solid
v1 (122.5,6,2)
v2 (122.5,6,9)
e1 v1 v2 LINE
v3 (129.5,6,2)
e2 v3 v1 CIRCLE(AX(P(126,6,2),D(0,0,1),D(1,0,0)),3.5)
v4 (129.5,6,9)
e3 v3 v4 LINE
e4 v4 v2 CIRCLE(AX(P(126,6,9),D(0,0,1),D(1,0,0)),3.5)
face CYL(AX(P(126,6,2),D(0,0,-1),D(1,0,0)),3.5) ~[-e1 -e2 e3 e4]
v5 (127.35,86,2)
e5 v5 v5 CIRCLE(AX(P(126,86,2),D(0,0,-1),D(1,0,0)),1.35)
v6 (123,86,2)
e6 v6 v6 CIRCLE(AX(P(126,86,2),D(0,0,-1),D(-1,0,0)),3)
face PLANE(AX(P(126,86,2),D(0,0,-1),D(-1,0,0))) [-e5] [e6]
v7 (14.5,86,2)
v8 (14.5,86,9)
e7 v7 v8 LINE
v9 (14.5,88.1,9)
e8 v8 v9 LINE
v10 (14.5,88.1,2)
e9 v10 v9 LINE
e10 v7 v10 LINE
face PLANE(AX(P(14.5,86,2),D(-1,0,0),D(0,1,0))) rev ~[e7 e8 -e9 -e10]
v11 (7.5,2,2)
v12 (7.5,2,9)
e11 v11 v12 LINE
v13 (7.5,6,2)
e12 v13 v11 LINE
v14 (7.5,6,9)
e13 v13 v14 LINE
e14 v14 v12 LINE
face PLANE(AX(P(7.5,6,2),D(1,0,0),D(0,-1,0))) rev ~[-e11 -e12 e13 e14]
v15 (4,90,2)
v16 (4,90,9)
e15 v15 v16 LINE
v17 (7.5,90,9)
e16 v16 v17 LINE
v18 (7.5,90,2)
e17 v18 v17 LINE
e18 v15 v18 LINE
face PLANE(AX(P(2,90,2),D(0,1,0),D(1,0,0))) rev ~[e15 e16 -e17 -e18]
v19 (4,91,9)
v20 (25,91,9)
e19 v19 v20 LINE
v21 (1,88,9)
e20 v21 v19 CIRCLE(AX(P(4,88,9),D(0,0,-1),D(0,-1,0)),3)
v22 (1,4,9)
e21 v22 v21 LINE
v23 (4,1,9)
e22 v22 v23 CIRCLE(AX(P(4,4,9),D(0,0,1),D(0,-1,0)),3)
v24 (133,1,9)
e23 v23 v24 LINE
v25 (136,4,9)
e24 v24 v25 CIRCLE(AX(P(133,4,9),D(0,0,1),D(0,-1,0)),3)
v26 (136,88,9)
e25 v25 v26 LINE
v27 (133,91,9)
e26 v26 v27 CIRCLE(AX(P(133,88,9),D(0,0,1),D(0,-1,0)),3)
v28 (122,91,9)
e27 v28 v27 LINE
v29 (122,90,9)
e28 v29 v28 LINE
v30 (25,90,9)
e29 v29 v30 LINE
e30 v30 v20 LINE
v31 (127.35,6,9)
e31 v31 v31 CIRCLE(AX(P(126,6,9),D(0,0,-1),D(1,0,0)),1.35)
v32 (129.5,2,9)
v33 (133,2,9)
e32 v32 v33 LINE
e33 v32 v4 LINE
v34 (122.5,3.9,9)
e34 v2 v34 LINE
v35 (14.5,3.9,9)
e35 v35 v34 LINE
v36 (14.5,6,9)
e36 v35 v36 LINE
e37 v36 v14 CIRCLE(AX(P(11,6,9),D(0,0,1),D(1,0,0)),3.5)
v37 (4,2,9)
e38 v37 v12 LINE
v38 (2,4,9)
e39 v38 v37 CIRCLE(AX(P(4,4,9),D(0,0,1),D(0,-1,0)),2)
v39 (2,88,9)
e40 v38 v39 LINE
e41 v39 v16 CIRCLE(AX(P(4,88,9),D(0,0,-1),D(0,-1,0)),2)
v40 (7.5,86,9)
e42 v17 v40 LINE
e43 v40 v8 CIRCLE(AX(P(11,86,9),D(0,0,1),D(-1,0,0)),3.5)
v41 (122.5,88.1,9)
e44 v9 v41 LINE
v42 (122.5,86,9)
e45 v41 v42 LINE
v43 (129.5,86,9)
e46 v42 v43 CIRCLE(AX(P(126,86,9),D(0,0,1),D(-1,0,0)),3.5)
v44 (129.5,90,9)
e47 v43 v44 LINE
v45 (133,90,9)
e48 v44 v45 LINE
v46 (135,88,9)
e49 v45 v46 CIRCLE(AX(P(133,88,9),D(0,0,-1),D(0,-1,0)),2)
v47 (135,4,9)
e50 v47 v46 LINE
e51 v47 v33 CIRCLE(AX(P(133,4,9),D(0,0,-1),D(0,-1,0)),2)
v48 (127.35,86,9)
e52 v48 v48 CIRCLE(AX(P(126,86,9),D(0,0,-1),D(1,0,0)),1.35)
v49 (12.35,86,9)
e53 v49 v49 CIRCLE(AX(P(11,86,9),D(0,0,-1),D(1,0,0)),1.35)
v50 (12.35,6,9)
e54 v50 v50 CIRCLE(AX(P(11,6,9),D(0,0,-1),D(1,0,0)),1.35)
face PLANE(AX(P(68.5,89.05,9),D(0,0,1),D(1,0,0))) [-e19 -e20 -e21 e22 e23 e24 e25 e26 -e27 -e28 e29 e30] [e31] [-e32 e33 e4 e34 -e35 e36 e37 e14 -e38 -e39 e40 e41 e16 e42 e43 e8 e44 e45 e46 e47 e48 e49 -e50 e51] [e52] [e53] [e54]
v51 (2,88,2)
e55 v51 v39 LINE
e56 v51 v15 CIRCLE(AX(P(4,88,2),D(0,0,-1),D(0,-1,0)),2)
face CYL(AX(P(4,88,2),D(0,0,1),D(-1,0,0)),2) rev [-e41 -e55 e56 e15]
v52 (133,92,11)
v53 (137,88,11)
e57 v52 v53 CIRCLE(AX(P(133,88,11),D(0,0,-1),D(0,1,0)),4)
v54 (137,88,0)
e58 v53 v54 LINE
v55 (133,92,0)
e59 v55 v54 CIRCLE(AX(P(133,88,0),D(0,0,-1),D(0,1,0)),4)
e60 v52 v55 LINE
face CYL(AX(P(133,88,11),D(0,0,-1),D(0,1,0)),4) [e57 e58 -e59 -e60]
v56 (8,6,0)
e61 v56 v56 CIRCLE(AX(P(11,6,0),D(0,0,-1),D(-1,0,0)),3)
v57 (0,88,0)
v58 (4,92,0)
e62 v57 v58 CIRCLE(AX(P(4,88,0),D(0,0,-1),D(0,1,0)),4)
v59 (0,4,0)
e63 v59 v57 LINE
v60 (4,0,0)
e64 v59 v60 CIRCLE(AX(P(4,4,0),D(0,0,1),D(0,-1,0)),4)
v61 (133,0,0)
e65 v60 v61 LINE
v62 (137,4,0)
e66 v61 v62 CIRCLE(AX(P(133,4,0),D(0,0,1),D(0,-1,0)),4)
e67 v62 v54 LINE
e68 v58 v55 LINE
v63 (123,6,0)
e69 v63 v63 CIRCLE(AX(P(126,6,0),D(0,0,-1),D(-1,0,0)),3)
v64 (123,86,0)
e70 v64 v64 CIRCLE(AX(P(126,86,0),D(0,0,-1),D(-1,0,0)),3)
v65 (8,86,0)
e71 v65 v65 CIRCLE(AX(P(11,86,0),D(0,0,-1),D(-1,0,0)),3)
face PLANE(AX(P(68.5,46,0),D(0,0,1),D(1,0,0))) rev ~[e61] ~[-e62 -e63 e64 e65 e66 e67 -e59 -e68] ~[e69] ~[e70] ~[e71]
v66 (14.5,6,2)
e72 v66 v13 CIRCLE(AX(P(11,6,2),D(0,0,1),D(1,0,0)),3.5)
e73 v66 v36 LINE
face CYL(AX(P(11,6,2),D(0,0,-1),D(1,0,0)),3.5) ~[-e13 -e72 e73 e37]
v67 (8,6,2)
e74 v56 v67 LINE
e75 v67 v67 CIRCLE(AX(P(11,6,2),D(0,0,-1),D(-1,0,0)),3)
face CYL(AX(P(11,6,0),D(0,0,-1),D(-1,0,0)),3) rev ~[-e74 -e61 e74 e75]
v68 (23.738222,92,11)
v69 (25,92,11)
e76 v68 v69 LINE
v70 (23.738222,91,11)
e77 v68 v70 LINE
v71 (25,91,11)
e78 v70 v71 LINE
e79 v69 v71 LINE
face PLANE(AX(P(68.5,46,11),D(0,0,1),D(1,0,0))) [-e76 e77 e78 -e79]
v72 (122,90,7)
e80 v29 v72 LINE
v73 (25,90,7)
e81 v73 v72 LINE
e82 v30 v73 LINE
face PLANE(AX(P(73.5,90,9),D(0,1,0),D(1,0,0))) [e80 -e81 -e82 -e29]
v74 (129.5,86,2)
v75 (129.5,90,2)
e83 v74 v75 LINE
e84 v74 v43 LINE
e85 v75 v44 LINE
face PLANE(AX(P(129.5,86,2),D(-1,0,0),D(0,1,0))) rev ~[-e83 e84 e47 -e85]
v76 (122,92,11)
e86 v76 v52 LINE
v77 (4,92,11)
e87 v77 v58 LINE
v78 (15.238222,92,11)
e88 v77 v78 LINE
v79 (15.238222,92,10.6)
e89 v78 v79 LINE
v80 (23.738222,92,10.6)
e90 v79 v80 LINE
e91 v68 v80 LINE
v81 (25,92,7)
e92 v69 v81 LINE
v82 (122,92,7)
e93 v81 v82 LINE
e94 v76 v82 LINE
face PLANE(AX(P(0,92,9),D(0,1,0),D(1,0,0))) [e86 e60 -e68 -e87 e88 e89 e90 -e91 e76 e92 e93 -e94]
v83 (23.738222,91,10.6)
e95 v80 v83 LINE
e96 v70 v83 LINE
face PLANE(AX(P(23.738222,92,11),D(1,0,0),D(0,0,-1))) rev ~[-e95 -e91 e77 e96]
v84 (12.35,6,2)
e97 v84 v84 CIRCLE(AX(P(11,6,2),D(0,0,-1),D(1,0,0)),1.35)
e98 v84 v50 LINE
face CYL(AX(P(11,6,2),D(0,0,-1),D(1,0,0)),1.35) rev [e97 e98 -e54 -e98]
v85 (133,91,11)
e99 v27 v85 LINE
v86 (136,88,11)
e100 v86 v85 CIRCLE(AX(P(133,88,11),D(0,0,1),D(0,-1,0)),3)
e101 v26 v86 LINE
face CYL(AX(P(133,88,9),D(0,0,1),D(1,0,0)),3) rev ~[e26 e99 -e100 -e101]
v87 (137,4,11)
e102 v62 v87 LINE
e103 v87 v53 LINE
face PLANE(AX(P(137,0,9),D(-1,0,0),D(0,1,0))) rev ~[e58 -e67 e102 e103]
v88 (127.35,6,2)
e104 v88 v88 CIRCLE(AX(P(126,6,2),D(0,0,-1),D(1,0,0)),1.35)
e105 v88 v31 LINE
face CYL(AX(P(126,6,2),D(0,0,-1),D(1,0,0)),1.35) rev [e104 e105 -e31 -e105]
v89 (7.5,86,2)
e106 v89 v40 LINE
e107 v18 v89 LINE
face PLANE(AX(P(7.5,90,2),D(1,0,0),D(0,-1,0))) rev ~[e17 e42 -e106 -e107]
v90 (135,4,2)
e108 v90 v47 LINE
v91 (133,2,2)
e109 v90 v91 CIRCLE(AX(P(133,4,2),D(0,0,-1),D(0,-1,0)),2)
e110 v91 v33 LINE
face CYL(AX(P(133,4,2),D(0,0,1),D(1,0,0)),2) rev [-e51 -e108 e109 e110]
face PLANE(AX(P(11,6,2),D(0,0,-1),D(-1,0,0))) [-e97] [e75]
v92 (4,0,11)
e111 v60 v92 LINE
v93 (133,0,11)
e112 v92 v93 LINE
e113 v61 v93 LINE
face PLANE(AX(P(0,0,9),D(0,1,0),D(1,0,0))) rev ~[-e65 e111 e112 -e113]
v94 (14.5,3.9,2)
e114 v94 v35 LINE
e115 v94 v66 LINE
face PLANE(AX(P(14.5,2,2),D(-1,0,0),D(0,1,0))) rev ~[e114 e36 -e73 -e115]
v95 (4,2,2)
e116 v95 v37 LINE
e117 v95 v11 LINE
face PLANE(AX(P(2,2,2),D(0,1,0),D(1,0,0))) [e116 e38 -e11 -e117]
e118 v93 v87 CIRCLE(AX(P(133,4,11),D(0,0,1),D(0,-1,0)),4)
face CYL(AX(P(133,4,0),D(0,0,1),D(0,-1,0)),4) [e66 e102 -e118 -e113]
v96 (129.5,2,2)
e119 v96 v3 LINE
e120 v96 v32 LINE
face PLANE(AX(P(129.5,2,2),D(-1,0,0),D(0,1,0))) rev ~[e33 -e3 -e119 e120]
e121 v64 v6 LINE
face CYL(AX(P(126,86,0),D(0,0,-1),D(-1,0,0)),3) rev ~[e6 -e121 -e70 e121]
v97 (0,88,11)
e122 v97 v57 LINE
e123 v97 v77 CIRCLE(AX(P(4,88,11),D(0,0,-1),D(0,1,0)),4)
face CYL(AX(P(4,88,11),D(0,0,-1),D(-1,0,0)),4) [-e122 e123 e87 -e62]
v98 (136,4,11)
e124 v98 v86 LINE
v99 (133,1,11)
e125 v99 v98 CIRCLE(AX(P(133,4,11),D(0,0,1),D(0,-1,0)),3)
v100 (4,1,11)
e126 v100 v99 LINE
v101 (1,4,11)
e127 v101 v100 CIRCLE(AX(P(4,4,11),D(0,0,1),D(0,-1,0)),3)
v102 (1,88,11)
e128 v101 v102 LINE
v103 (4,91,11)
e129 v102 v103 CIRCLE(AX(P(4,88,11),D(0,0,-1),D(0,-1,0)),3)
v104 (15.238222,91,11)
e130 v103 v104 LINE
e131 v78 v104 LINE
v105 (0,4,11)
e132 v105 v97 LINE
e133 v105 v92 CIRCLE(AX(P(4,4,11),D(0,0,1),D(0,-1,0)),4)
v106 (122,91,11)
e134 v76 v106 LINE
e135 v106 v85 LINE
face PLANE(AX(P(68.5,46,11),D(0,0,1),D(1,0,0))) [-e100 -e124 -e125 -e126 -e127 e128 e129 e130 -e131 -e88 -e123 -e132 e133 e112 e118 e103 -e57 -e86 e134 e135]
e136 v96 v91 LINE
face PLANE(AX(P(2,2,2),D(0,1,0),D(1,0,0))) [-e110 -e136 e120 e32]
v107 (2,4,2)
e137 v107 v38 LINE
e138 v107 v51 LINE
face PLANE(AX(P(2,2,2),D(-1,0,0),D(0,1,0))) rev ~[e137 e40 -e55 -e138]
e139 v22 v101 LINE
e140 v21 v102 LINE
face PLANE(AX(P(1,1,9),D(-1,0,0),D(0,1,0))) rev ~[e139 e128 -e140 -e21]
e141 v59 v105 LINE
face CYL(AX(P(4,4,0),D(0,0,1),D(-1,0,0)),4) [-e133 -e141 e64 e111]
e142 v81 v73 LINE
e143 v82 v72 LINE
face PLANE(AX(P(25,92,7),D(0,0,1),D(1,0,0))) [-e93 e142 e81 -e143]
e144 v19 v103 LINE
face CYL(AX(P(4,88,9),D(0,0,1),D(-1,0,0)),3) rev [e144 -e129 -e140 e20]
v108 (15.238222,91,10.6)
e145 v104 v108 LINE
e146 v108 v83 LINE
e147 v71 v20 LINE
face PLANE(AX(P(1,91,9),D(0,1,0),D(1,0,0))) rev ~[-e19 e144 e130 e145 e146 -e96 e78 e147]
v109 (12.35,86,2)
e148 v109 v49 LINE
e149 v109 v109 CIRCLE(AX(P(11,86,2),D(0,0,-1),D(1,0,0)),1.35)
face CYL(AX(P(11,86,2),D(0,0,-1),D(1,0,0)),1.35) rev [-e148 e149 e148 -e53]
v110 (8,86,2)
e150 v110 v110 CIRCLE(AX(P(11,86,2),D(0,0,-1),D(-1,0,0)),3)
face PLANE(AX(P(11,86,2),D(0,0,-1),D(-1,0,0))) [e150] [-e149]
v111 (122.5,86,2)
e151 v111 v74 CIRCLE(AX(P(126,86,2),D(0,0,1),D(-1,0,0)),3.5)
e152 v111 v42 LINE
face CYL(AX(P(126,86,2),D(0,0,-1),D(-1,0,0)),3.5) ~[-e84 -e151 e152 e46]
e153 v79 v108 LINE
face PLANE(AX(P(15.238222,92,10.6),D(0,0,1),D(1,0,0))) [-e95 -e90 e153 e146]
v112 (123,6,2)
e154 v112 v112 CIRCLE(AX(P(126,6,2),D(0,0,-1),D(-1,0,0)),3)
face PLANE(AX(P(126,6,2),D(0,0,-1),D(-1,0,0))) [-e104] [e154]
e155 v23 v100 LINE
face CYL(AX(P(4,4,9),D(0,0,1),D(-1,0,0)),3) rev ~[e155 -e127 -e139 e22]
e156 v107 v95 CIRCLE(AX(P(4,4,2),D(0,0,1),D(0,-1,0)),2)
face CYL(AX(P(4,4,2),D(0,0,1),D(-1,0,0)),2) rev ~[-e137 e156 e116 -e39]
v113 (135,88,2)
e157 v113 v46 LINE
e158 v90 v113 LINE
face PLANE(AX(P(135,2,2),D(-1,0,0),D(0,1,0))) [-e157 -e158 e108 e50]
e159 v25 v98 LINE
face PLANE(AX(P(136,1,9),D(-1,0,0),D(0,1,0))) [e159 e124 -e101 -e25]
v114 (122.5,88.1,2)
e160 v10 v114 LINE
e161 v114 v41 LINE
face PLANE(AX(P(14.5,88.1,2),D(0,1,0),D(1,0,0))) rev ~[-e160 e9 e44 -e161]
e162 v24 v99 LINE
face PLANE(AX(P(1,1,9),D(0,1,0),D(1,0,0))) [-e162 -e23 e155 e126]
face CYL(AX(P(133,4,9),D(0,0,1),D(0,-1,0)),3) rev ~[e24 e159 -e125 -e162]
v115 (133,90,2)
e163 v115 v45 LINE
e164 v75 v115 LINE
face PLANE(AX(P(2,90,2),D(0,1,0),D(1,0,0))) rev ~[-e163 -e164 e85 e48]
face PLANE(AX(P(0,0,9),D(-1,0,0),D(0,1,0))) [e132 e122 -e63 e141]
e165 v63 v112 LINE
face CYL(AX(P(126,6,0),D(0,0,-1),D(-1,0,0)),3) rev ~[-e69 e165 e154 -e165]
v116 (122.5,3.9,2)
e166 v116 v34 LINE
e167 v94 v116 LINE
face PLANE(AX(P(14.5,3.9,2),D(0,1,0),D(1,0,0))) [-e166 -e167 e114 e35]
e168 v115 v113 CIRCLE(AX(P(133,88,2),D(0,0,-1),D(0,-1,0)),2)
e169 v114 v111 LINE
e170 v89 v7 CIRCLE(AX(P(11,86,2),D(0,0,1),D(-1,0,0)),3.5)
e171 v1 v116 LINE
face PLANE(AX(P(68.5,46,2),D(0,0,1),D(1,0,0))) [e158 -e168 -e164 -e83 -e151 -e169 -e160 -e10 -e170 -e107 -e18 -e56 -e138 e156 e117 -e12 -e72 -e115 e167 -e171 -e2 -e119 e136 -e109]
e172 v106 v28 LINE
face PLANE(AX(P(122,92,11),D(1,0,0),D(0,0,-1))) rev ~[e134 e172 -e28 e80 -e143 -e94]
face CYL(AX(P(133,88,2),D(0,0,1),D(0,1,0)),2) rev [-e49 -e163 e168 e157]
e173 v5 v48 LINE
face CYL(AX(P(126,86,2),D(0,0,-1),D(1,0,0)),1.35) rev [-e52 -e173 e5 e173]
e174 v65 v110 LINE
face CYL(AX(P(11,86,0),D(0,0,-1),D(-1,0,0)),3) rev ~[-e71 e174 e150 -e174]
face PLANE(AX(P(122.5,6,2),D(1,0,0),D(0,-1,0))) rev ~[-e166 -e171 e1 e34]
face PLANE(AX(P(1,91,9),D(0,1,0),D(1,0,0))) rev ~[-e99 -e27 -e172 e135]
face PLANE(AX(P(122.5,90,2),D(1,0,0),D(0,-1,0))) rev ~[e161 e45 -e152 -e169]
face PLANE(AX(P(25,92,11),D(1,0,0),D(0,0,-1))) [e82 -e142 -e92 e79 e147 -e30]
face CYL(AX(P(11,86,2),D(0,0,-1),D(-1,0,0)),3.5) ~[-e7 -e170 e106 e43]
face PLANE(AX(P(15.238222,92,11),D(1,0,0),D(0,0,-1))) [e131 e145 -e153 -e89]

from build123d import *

# Parameters (mm, degrees)
SKETCH1_W           = 137
SKETCH1_H           = 92
BOSS_EXTRUDE1_DEPTH = 2
SKETCH2_W           = 137
SKETCH2_H           = 92
SKETCH2_W_2         = 133
SKETCH2_H_2         = 88
BOSS_EXTRUDE2_DEPTH = 7
SKETCH3_W           = 137
SKETCH3_H           = 92
SKETCH3_W_2         = 135
SKETCH3_H_2         = 90
BOSS_EXTRUDE3_DEPTH = 2
SKETCH4_R           = 1.35
BOSS_EXTRUDE4_DEPTH = 7
SKETCH8_W           = 108
SKETCH8_H           = 1.9
BOSS_EXTRUDE6_DEPTH = 7
FILLET1_R           = 2
FILLET2_R           = 3
FILLET3_R           = 4
SKETCH11_W          = 108
SKETCH11_H          = 1.9
BOSS_EXTRUDE7_DEPTH = 7
SKETCH12_W          = 97
SKETCH12_H          = 4
CUT_EXTRUDE3_DEPTH  = 2
CUT_EXTRUDE4_START  = -10
SKETCH13_R          = 1.35
CUT_EXTRUDE4_DEPTH  = 10
SKETCH14_W          = 8.5
SKETCH14_H          = 0.4
CUT_EXTRUDE5_DEPTH  = 2
SKETCH16_R          = 3
CUT_EXTRUDE12_DEPTH = 2


with BuildPart() as part:
    # Sketch1 → Boss-Extrude1 (new body)
    with BuildSketch(Plane.XY):
        with Locations((68.5, 46)):
            Rectangle(SKETCH1_W, SKETCH1_H)
    extrude(amount=BOSS_EXTRUDE1_DEPTH)

    # Sketch2 → Boss-Extrude2 (add)
    with BuildSketch(Plane.XY.offset(2)):
        with Locations((68.5, 46)):
            Rectangle(SKETCH2_W, SKETCH2_H)
        with Locations((68.5, 46)):
            Rectangle(SKETCH2_W_2, SKETCH2_H_2, mode=Mode.SUBTRACT)
    extrude(amount=BOSS_EXTRUDE2_DEPTH)

    # Sketch3 → Boss-Extrude3 (add)
    with BuildSketch(Plane.XY.offset(9)):
        with Locations((68.5, 46)):
            Rectangle(SKETCH3_W, SKETCH3_H)
        with Locations((68.5, 46)):
            Rectangle(SKETCH3_W_2, SKETCH3_H_2, mode=Mode.SUBTRACT)
    extrude(amount=BOSS_EXTRUDE3_DEPTH)

    # Sketch4 → Boss-Extrude4 (add)
    # profile 1 of 4: a face of its own
    with BuildSketch(Plane.XY.offset(2)):
        with BuildLine():
            Line((7.5, 6), (7.5, 2))
            Line((7.5, 2), (14.5, 2))
            Line((14.5, 2), (14.5, 6))
            ThreePointArc((14.5, 6), (11, 9.5), (7.5, 6))
        make_face()
        with Locations((11, 6)):
            Circle(SKETCH4_R, mode=Mode.SUBTRACT)
    # profile 2 of 4: a face of its own
    with BuildSketch(Plane.XY.offset(2)):
        with BuildLine():
            Line((122.5, 6), (122.5, 2))
            Line((122.5, 2), (129.5, 2))
            Line((129.5, 2), (129.5, 6))
            ThreePointArc((129.5, 6), (126, 9.5), (122.5, 6))
        make_face()
        with Locations((126, 6)):
            Circle(SKETCH4_R, mode=Mode.SUBTRACT)
    # profile 3 of 4: a face of its own
    with BuildSketch(Plane.XY.offset(2)):
        with BuildLine():
            Line((129.5, 86), (129.5, 90))
            Line((129.5, 90), (122.5, 90))
            Line((122.5, 90), (122.5, 86))
            ThreePointArc((122.5, 86), (126, 82.5), (129.5, 86))
        make_face()
        with Locations((126, 86)):
            Circle(SKETCH4_R, mode=Mode.SUBTRACT)
    # profile 4 of 4: a face of its own
    with BuildSketch(Plane.XY.offset(2)):
        with BuildLine():
            Line((14.5, 86), (14.5, 90))
            Line((14.5, 90), (7.5, 90))
            Line((7.5, 90), (7.5, 86))
            ThreePointArc((7.5, 86), (11, 82.5), (14.5, 86))
        make_face()
        with Locations((11, 86)):
            Circle(SKETCH4_R, mode=Mode.SUBTRACT)
    extrude(amount=BOSS_EXTRUDE4_DEPTH)

    # Sketch8 → Boss-Extrude6 (add)
    with BuildSketch(Plane.XY.offset(2)):
        with Locations((68.5, 2.95)):
            Rectangle(SKETCH8_W, SKETCH8_H)
    extrude(amount=BOSS_EXTRUDE6_DEPTH)

    # Fillet1
    fillet1_edges = [part.edges().sort_by_distance(p)[0] for p in [
        (2, 2, 5.5),
        (135, 2, 5.5),
        (135, 90, 5.5),
        (2, 90, 5.5),
    ]]
    fillet(fillet1_edges, radius=FILLET1_R)

    # Fillet2
    fillet2_edges = [part.edges().sort_by_distance(p)[0] for p in [
        (1, 1, 10),
        (136, 1, 10),
        (136, 91, 10),
        (1, 91, 10),
    ]]
    fillet(fillet2_edges, radius=FILLET2_R)

    # Fillet3
    fillet3_edges = [part.edges().sort_by_distance(p)[0] for p in [
        (0, 92, 5.5),
        (137, 92, 5.5),
        (137, 0, 5.5),
        (0, 0, 5.5),
    ]]
    fillet(fillet3_edges, radius=FILLET3_R)

    # Sketch11 → Boss-Extrude7 (add)
    with BuildSketch(Plane.XY.offset(2)):
        with Locations((68.5, 89.05)):
            Rectangle(SKETCH11_W, SKETCH11_H)
    extrude(amount=BOSS_EXTRUDE7_DEPTH)

    # Sketch12 → Cut-Extrude3 (cut)
    with BuildSketch(Plane(origin=(0, 92, 0), x_dir=(1, 0, 0), z_dir=(0, 1, 0))):
        with Locations((73.5, -9)):
            Rectangle(SKETCH12_W, SKETCH12_H)
    extrude(amount=-CUT_EXTRUDE3_DEPTH, mode=Mode.SUBTRACT)

    # Sketch13 → Cut-Extrude4 (cut)
    with BuildSketch(Plane.XY.offset(9).offset(CUT_EXTRUDE4_START)):
        with Locations(Location((11, 86, 0), (0, 0, 180))):
            Circle(SKETCH13_R)
        with Locations(Location((11, 6, 0), (0, 0, 180))):
            Circle(SKETCH13_R)
        with Locations(Location((126, 6, 0), (0, 0, 180))):
            Circle(SKETCH13_R)
        with Locations(Location((126, 86, 0), (0, 0, 180))):
            Circle(SKETCH13_R)
    extrude(amount=CUT_EXTRUDE4_DEPTH, mode=Mode.SUBTRACT)

    # Sketch14 → Cut-Extrude5 (cut)
    with BuildSketch(Plane(origin=(0, 92, 0), x_dir=(1, 0, 0), z_dir=(0, 1, 0))):
        with Locations((19.488221945, -10.8)):
            Rectangle(SKETCH14_W, SKETCH14_H)
    extrude(amount=-CUT_EXTRUDE5_DEPTH, mode=Mode.SUBTRACT)

    # Sketch16 → Cut-Extrude12 (cut)
    with BuildSketch(Plane(origin=(0, 0, 0), x_dir=(-1, 0, 0), z_dir=(0, 0, -1))):
        with Locations((-126, 86)):
            Circle(SKETCH16_R)
        with Locations((-11, 86)):
            Circle(SKETCH16_R)
        with Locations((-11, 6)):
            Circle(SKETCH16_R)
        with Locations((-126, 6)):
            Circle(SKETCH16_R)
    extrude(amount=-CUT_EXTRUDE12_DEPTH, mode=Mode.SUBTRACT)


solid = part.part
